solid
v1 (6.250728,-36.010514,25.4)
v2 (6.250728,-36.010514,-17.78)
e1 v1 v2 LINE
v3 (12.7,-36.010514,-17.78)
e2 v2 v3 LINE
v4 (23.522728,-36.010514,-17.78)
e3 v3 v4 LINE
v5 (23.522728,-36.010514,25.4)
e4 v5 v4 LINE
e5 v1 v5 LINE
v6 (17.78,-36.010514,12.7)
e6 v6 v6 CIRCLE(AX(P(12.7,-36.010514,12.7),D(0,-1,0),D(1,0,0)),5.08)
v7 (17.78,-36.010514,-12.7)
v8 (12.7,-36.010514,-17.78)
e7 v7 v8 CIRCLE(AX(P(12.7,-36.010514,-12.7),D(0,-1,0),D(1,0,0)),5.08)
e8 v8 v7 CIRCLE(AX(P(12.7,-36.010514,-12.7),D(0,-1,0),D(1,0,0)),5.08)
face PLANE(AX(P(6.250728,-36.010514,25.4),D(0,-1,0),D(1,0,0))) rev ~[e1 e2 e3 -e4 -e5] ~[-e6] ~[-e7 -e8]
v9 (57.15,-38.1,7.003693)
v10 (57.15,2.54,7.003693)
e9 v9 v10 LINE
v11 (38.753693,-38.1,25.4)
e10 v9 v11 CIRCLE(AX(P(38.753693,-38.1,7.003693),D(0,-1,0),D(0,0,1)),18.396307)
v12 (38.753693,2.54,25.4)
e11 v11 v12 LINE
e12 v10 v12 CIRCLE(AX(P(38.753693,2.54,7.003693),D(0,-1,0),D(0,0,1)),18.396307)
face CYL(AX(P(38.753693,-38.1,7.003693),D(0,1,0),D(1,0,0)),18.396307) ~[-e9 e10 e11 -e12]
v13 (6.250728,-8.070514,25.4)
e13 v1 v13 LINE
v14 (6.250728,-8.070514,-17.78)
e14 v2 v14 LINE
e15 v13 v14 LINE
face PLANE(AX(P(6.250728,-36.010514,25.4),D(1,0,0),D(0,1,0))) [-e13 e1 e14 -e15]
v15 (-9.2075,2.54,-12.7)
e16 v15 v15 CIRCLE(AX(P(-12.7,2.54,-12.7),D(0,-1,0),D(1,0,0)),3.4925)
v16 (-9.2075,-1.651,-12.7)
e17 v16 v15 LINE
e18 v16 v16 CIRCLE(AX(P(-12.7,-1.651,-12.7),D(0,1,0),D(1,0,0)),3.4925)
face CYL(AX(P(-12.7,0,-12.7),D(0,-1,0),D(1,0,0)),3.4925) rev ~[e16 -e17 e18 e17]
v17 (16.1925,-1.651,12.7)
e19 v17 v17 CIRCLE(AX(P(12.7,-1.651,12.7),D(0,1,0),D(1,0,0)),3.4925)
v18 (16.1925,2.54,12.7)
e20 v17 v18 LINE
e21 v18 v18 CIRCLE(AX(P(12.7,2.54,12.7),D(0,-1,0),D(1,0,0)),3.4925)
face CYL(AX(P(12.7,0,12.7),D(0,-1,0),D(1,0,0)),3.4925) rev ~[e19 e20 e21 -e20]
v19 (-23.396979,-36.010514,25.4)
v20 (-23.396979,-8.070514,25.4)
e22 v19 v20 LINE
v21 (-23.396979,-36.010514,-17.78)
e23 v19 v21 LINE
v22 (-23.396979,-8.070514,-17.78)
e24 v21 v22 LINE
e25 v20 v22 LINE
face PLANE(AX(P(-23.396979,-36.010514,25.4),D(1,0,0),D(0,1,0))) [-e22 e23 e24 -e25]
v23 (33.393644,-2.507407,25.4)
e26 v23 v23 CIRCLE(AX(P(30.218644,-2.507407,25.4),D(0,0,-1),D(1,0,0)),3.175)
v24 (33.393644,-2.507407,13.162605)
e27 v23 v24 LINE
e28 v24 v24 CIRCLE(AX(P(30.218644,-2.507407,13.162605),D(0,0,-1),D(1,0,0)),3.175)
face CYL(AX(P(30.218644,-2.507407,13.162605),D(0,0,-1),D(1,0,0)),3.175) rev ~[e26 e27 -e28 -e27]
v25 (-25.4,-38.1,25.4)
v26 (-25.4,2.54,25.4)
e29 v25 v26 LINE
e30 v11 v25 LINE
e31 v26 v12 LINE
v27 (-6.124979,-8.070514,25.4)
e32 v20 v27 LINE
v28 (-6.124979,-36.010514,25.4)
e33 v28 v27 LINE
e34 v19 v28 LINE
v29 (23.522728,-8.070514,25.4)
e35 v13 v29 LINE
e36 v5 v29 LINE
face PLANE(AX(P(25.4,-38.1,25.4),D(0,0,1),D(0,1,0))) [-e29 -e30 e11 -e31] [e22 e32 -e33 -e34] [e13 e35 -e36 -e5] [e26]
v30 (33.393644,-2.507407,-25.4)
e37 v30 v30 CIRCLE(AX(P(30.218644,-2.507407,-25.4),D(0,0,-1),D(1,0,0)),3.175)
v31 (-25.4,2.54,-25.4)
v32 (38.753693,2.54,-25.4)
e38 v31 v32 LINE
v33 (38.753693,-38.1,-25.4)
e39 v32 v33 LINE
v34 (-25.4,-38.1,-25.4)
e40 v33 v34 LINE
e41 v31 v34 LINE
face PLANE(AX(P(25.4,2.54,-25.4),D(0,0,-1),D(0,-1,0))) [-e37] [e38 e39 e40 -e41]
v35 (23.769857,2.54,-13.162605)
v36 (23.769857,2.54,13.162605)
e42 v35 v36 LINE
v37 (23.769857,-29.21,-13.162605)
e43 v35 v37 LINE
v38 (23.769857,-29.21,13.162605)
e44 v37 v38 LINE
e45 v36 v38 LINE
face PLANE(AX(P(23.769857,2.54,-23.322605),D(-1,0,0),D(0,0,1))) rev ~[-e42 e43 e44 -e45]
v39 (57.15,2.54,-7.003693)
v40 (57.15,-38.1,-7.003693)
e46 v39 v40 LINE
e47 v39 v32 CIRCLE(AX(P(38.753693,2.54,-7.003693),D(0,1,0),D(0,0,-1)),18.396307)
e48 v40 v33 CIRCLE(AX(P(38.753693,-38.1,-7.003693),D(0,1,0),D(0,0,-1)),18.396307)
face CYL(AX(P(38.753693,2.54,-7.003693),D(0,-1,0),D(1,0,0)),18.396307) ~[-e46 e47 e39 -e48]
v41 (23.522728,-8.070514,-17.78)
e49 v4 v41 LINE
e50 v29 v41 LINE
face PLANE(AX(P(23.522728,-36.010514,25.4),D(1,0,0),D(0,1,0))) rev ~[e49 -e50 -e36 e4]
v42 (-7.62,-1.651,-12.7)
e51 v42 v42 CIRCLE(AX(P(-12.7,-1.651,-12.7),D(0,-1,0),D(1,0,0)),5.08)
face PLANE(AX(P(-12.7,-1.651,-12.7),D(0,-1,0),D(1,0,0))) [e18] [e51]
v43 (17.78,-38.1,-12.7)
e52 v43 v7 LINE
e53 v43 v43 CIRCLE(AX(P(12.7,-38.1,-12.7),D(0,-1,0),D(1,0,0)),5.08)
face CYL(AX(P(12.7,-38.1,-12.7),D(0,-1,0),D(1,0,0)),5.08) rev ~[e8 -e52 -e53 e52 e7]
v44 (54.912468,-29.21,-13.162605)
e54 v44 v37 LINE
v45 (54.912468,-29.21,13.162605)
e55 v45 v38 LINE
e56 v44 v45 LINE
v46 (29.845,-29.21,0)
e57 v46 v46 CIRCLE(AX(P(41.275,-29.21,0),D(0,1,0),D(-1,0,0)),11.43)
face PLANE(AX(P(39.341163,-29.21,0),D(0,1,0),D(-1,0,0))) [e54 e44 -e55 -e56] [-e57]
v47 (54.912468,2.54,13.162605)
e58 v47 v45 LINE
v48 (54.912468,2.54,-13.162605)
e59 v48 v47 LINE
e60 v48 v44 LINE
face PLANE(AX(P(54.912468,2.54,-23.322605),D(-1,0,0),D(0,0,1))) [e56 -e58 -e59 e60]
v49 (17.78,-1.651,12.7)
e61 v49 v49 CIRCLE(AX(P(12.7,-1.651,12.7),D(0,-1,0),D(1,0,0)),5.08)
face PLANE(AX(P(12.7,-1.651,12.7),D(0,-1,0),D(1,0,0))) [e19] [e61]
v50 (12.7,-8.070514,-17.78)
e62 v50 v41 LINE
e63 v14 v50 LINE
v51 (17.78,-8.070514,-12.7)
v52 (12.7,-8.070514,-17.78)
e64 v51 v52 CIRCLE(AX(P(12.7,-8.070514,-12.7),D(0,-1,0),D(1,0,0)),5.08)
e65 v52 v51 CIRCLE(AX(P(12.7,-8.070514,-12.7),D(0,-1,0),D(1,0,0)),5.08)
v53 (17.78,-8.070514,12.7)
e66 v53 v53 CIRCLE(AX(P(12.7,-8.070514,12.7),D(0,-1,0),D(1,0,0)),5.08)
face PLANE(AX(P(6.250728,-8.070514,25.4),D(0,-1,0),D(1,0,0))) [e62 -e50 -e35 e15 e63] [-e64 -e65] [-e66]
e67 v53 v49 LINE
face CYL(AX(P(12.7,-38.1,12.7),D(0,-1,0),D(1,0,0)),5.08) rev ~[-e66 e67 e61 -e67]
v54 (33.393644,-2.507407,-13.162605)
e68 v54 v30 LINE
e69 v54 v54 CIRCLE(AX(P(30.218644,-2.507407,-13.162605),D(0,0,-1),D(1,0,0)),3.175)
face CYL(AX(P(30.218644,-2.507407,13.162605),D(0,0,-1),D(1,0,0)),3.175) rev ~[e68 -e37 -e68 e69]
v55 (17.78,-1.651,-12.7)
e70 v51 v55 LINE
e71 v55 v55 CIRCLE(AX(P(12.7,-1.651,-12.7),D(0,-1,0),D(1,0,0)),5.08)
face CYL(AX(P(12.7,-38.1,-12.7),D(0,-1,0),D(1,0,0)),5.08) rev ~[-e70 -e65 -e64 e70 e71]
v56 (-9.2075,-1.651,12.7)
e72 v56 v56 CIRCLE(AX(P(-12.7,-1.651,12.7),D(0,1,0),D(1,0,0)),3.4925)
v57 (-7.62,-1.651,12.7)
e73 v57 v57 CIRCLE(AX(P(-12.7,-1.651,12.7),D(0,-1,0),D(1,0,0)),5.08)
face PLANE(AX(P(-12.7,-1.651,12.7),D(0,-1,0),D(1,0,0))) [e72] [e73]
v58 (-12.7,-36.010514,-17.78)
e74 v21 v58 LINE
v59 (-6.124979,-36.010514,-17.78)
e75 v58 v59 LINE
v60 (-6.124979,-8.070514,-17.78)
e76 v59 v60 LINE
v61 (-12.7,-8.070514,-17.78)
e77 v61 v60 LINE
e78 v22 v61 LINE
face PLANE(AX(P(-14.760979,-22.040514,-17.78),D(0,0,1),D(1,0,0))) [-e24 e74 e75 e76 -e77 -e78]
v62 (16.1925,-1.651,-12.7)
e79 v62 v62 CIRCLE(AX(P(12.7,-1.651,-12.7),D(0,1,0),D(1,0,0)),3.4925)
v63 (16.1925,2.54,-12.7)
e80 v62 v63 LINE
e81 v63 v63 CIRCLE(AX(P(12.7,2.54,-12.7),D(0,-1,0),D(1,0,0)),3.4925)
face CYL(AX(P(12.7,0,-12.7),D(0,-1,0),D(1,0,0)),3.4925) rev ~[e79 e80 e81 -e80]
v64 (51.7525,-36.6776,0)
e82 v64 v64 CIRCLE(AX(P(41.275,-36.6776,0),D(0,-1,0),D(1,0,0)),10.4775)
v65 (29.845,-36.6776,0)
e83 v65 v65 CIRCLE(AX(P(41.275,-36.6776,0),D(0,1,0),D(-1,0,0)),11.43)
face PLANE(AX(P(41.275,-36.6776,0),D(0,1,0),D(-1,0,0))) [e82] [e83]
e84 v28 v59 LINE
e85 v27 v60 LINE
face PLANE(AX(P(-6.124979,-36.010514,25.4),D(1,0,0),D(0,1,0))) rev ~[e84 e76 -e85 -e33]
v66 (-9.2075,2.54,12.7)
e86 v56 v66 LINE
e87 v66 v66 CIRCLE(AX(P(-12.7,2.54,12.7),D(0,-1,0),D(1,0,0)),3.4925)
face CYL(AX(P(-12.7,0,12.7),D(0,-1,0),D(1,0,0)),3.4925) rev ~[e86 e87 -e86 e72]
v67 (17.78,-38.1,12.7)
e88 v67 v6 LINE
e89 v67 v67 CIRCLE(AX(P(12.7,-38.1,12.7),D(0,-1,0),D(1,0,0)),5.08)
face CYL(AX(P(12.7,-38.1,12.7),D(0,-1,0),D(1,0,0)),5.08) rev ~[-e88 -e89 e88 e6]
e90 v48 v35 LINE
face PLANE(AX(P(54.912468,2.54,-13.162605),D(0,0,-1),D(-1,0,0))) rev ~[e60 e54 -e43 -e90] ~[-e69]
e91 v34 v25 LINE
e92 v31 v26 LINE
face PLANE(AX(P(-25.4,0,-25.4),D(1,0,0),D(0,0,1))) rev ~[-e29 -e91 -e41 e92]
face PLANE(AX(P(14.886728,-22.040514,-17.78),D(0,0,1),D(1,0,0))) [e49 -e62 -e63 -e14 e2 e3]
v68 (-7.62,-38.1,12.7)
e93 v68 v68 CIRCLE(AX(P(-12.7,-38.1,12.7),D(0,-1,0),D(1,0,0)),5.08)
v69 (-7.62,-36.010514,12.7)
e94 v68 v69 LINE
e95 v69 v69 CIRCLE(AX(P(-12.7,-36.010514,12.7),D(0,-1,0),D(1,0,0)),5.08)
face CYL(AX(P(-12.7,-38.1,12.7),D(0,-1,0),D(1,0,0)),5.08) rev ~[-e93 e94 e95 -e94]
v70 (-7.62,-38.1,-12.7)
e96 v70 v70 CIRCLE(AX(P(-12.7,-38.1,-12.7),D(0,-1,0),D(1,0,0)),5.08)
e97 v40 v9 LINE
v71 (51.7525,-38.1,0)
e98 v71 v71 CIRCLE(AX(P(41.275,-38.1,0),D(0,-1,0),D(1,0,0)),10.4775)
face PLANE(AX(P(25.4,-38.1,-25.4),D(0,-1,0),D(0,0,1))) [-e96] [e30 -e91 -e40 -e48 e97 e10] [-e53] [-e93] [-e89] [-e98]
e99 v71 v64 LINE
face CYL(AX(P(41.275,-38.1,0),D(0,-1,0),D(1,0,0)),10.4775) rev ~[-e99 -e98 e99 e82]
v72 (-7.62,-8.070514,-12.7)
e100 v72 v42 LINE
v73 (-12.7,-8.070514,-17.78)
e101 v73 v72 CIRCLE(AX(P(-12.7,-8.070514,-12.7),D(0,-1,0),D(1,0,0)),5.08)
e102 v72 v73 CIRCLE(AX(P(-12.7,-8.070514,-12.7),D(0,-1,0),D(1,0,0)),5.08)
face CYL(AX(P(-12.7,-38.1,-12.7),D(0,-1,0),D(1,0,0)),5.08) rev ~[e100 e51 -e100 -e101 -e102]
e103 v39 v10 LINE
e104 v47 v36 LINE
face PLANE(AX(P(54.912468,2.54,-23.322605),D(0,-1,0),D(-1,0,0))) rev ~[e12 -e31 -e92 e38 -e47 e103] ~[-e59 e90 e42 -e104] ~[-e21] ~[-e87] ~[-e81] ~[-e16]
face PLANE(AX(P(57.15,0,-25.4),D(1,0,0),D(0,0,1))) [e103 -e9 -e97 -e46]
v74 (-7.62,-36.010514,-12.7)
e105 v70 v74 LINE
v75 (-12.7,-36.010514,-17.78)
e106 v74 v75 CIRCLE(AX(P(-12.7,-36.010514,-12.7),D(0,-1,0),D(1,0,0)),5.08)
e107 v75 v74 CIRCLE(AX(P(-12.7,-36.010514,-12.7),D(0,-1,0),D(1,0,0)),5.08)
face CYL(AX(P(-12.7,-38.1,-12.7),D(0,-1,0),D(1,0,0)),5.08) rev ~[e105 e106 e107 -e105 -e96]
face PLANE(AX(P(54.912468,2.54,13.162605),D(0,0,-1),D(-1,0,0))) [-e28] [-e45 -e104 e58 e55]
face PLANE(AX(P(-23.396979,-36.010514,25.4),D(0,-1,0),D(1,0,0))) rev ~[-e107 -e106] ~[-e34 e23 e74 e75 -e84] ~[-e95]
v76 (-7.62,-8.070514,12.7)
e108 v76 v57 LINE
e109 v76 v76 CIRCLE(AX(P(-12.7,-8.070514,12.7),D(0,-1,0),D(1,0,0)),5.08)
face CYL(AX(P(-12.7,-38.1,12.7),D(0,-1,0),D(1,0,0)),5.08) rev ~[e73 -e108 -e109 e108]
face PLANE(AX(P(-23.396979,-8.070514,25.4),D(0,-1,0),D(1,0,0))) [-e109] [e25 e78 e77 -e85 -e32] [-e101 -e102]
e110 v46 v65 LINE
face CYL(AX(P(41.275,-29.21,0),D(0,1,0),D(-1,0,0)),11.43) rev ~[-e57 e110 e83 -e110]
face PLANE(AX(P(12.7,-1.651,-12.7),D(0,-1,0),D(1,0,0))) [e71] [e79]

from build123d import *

# Parameters (mm, degrees)
F0_W      = 50.8
F0_H      = 50.8
F0_R      = 3.4925
F1_DEPTH  = 38.1
F2_W      = 17.272
F2_H      = 27.94
F3_DEPTH  = 43.18
F4_R      = 5.08
F5_DEPTH  = 36.449
F6_DEPTH  = 2.54
F7_DEPTH  = 31.75
F9_W      = 31.1426110566
F9_H      = 46.6452091932
F10_DEPTH = 31.75
F8_R      = 10.4775
F11_DEPTH = 25.4
F12_R     = 11.43
F13_DEPTH = 7.4676
F14_DEPTH = 10.16
F15_DEPTH = 10.16
F16_R     = 18.3963073453
F17_R     = 3.175
F18_DEPTH = 57.912


with BuildPart() as f1:
    # F0 (on Front) → F1 (new body)
    with BuildSketch(Plane.XZ):
        Rectangle(F0_W, F0_H)
        with Locations((-12.7, -12.7)):
            Circle(F0_R, mode=Mode.SUBTRACT)
        with Locations((12.7, -12.7)):
            Circle(F0_R, mode=Mode.SUBTRACT)
        with Locations((-12.7, 12.7)):
            Circle(F0_R, mode=Mode.SUBTRACT)
        with Locations((12.7, 12.7)):
            Circle(F0_R, mode=Mode.SUBTRACT)
    extrude(amount=F1_DEPTH)

    # F2 (on face) → F3 (cut)
    with BuildSketch(Plane.XY.offset(25.4)):
        with Locations((14.8867284879, -22.0405142754)):
            Rectangle(F2_W, F2_H)
        with Locations((-14.7609785199, -22.0405142754)):
            Rectangle(F2_W, F2_H)
    extrude(amount=-F3_DEPTH, mode=Mode.SUBTRACT)

    # F4 (on face) → F5 (cut)
    with BuildSketch(Plane.XZ.offset(38.1)):
        with Locations((-12.7, 12.7)):
            Circle(F4_R)
        with Locations((12.7, 12.7)):
            Circle(F4_R)
        with Locations((-12.7, -12.7)):
            Circle(F4_R)
        with Locations((12.7, -12.7)):
            Circle(F4_R)
    extrude(amount=-F5_DEPTH, mode=Mode.SUBTRACT)

    # F6 (add): a face of the model
    f6_faces = [f1.faces().sort_by_distance(p)[0] for p in [
        (0, 0, 0),
    ]]
    extrude(f6_faces, amount=F6_DEPTH)

    # F7 (add): a face of the model
    f7_faces = [f1.faces().sort_by_distance(p)[0] for p in [
        (25.4, -17.78, 0),
    ]]
    extrude(f7_faces, amount=F7_DEPTH)

    # F9 (on face) → F10 (cut)
    with BuildSketch(Plane(origin=(0, 2.54, 0), x_dir=(-1, 0, 0), z_dir=(0, 1, 0))):
        with Locations((-39.3411628902, 0)):
            Rectangle(F9_W, F9_H)
    extrude(amount=-F10_DEPTH, mode=Mode.SUBTRACT)

    # F8 (on face) → F11 (cut)
    with BuildSketch(Plane.XZ.offset(38.1)):
        with Locations((41.275, 0)):
            Circle(F8_R)
    extrude(amount=-F11_DEPTH, mode=Mode.SUBTRACT)

    # F12 (on face) → F13 (cut)
    with BuildSketch(Plane(origin=(0, -29.21, 0), x_dir=(-1, 0, 0), z_dir=(0, 1, 0))):
        with Locations((-41.275, 0)):
            Circle(F12_R)
    extrude(amount=-F13_DEPTH, mode=Mode.SUBTRACT)

    # F14 (add): a face of the model
    f14_faces = [f1.faces().sort_by_distance(p)[0] for p in [
        (39.3411628902, -13.335, 23.3226045966),
    ]]
    extrude(f14_faces, amount=F14_DEPTH)

    # F15 (add): a face of the model
    f15_faces = [f1.faces().sort_by_distance(p)[0] for p in [
        (39.3411628902, -13.335, -23.3226045966),
    ]]
    extrude(f15_faces, amount=F15_DEPTH)

    # F16
    f16_edges = [f1.edges().sort_by_distance(p)[0] for p in [
        (57.15, -17.78, 25.4),
        (57.15, -17.78, -25.4),
    ]]
    fillet(f16_edges, radius=F16_R)

    # F17 (on face) → F18 (cut, symmetric)
    with BuildSketch(Plane(origin=(0, 0, 13.1626045966), x_dir=(1, 0, 0), z_dir=(0, 0, -1))):
        with Locations((30.2186440676, 2.5074067526)):
            Circle(F17_R)
    extrude(amount=F18_DEPTH, both=True, mode=Mode.SUBTRACT)


solid = f1.part
